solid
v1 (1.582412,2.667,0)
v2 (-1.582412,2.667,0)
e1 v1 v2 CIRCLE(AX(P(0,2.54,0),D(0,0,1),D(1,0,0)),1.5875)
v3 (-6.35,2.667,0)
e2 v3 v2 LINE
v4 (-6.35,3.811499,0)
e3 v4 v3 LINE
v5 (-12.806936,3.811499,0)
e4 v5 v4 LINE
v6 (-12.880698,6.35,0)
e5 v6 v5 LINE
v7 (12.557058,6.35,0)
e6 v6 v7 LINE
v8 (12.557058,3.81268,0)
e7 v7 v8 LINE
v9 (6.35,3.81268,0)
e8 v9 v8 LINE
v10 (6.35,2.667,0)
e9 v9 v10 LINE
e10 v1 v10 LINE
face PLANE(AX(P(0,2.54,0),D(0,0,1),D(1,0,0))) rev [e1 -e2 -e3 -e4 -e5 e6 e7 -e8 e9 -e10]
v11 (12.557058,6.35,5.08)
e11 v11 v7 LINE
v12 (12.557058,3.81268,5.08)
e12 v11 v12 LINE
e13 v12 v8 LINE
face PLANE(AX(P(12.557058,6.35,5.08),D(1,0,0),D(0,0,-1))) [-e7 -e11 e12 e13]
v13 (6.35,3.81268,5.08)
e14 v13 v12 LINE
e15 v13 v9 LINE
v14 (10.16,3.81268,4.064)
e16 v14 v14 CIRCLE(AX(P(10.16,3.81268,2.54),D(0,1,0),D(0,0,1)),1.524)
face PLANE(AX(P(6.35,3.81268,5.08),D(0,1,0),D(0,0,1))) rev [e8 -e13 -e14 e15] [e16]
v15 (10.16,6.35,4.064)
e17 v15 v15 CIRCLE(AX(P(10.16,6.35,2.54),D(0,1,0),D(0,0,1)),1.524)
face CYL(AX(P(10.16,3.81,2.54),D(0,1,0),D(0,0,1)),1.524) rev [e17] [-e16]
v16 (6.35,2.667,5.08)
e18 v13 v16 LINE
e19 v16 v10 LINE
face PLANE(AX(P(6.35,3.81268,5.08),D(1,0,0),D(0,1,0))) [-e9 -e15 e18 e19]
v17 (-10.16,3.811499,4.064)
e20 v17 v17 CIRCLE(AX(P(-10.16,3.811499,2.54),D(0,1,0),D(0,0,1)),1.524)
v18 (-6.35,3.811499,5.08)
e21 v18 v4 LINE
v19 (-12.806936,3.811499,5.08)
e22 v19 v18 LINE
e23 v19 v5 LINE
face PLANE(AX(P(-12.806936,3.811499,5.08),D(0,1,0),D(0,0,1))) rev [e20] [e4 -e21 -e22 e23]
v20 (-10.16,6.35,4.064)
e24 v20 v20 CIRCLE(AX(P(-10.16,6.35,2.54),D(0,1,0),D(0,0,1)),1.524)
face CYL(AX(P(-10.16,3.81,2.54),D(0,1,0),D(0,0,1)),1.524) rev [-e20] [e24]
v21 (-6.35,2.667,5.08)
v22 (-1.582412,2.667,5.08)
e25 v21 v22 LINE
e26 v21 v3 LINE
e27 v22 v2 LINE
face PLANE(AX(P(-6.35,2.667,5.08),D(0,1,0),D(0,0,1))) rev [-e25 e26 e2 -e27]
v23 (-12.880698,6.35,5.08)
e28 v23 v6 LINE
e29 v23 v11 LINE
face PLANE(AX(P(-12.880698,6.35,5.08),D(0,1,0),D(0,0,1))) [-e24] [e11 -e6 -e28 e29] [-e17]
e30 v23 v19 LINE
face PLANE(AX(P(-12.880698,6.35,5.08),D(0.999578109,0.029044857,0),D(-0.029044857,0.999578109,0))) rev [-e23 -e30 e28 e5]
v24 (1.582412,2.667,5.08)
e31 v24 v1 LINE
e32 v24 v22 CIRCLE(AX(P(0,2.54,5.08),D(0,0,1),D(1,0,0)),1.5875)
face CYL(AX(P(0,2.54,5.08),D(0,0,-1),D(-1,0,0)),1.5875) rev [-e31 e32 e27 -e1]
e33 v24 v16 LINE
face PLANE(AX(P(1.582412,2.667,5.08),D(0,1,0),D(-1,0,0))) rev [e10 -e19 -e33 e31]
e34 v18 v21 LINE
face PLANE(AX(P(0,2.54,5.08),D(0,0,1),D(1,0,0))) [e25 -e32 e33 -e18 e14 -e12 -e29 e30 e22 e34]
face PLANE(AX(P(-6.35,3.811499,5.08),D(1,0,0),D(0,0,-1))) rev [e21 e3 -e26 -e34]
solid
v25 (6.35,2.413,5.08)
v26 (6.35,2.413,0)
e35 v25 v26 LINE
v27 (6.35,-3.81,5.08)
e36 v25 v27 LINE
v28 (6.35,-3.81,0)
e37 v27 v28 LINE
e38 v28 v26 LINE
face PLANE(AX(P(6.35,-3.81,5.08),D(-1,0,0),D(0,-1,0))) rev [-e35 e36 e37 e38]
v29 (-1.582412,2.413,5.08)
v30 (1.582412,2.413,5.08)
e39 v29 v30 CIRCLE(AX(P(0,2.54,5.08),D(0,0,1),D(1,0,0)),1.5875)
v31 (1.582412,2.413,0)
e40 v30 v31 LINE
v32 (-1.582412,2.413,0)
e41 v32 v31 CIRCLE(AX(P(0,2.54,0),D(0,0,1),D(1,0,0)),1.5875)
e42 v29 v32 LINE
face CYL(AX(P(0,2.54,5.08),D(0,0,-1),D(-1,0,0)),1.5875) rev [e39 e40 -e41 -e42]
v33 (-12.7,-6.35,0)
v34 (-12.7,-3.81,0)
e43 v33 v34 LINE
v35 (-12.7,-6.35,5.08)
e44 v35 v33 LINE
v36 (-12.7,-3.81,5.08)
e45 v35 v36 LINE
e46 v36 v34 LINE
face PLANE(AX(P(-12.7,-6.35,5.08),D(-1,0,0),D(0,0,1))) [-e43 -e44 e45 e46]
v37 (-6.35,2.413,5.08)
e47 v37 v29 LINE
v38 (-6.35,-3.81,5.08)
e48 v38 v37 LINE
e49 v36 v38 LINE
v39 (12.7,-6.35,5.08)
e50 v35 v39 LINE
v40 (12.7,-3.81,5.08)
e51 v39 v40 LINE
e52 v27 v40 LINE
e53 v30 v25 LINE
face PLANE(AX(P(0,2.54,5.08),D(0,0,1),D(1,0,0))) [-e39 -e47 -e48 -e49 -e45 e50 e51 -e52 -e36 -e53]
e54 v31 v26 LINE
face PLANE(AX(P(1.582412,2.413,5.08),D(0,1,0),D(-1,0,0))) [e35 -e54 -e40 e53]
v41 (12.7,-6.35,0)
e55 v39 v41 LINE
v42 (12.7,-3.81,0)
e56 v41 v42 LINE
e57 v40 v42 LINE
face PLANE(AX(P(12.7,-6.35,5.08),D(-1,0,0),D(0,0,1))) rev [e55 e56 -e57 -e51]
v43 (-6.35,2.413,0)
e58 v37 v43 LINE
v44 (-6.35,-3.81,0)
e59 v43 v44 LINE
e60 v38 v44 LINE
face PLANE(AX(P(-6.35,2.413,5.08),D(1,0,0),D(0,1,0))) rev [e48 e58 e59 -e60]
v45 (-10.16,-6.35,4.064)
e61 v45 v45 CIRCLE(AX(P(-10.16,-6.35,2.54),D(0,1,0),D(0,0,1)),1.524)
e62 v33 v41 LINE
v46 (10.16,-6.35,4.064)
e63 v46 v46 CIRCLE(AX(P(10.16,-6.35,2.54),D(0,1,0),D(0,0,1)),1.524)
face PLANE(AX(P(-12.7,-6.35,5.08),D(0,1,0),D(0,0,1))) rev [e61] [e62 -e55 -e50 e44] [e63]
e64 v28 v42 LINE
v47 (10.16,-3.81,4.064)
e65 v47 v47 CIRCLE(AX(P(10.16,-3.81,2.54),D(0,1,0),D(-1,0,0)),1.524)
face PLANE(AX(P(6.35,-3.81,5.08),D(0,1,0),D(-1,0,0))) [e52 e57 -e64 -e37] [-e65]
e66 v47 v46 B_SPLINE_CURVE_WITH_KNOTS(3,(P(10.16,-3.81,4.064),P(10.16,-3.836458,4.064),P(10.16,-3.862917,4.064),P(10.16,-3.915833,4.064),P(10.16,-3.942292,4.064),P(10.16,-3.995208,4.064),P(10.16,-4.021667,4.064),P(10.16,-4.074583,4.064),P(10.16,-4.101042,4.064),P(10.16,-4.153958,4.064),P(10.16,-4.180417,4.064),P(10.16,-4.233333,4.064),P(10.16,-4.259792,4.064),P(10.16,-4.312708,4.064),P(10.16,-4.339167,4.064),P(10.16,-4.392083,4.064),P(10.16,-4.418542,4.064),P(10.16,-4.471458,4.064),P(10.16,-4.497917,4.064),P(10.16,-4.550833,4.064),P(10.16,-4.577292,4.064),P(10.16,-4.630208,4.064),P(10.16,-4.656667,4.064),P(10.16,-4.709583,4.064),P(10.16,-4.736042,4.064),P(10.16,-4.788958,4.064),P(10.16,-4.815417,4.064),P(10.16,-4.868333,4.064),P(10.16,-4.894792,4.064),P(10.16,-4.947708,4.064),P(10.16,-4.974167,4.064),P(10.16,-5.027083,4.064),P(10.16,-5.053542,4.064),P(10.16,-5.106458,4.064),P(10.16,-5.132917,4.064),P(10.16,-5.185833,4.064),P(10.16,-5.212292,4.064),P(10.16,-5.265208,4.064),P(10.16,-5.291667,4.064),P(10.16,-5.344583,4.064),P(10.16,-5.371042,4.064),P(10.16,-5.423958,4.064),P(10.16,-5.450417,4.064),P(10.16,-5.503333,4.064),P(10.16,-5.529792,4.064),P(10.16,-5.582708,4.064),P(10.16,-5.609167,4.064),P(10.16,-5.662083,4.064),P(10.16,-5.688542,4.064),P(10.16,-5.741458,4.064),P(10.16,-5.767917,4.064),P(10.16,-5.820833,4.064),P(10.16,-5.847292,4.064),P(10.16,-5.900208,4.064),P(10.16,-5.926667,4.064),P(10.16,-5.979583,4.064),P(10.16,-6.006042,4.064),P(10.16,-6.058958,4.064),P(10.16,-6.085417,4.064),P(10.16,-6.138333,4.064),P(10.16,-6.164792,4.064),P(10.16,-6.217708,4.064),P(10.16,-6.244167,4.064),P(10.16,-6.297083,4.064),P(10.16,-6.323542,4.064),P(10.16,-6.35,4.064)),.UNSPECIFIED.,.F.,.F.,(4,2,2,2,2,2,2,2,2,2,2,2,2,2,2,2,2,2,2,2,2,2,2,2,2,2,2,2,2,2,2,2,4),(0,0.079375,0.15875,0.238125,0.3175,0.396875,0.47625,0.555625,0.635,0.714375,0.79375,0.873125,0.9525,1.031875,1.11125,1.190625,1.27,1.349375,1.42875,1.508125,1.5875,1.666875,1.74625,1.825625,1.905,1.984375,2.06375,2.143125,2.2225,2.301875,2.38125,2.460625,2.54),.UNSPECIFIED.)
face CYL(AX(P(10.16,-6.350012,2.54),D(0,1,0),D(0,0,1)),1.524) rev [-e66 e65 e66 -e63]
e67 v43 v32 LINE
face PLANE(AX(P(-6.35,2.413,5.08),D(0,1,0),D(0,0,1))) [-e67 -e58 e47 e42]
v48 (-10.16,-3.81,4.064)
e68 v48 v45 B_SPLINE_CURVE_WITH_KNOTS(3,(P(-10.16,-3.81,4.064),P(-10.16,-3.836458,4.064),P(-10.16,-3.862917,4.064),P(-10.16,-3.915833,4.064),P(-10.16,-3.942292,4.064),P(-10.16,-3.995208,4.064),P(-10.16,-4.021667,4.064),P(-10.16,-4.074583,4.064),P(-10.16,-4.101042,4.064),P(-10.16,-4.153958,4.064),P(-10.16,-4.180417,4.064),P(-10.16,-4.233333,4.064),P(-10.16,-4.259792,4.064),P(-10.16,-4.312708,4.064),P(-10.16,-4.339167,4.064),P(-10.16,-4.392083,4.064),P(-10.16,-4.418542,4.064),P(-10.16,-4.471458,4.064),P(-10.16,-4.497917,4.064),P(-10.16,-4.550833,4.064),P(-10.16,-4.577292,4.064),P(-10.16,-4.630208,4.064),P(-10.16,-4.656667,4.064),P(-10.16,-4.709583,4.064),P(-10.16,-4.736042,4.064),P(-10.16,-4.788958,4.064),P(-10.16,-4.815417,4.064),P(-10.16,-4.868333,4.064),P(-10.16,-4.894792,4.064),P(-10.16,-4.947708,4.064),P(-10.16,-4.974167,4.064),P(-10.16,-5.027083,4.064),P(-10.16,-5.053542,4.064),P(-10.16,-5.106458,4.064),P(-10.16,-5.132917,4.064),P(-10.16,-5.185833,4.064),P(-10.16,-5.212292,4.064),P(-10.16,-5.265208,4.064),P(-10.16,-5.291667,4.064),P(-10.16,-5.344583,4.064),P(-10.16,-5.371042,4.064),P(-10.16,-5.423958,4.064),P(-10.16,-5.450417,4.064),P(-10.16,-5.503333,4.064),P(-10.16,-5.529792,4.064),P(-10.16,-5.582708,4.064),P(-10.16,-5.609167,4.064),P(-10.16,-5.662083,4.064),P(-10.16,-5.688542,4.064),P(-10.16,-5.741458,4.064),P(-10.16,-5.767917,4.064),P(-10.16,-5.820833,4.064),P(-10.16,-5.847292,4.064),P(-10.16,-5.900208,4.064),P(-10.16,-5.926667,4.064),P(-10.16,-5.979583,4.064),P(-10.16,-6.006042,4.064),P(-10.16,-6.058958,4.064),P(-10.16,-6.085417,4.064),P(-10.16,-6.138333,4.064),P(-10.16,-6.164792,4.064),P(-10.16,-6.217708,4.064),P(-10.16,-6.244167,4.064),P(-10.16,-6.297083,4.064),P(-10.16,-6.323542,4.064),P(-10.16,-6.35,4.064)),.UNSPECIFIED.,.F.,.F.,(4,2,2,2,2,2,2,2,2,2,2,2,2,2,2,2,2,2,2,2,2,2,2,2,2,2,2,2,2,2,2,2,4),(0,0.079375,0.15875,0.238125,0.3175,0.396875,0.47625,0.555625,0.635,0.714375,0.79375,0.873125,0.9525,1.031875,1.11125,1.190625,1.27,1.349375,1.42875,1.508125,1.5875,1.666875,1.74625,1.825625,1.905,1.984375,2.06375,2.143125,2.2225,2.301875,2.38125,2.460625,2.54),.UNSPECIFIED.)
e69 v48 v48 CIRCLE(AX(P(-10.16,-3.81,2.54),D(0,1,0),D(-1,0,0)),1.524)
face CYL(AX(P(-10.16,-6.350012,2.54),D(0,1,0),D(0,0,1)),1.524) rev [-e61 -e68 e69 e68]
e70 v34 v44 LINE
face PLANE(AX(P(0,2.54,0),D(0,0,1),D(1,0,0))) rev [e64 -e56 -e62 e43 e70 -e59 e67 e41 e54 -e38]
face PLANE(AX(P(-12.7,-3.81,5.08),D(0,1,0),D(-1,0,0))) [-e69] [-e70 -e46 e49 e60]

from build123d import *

# Parameters (mm, degrees)
BOSS_EXTRUDE1_DEPTH     = 5.08
BOSS_EXTRUDE1_2_DEPTH   = 5.08
CUT_EXTRUDE1_DEPTH      = 24.986
CUT_EXTRUDE1_DEPTH_BACK = 19.788527723
SKETCH4_R               = 1.524
CUT_EXTRUDE3_START      = -2.54
SKETCH8_R               = 1.524
CUT_EXTRUDE3_DEPTH      = 2.54


with BuildPart() as part:
    # Sketch2 → Boss-Extrude1 (new body)
    with BuildSketch(Plane.XY):
        with BuildLine():
            Line((-12.7, -6.35), (12.7, -6.35))
            Line((12.7, -6.35), (12.7, -3.81))
            Line((12.7, -3.81), (6.35, -3.81))
            Line((6.35, -3.81), (6.35, 0))
            Line((6.35, 0), (6.35, 2.413))
            Line((6.35, 2.413), (1.582411846, 2.413))
            ThreePointArc((1.582411846, 2.413), (0, 0.9525), (-1.582411846, 2.413))
            Line((-1.582411846, 2.413), (-6.35, 2.413))
            Line((-6.35, 2.413), (-6.35, 0))
            Line((-6.35, 0), (-6.35, -3.81))
            Line((-6.35, -3.81), (-12.7, -3.81))
            Line((-12.7, -3.81), (-12.7, -6.35))
        make_face()
    extrude(amount=BOSS_EXTRUDE1_DEPTH)

    # Sketch4 → Cut-Extrude1 (cut, two sides: drawn at the far end of the back side and taken through both)
    with BuildSketch(Plane(origin=(0, -6.35, 0), x_dir=(1, 0, 0), z_dir=(0, 1, 0)).offset(-CUT_EXTRUDE1_DEPTH_BACK)):
        with Locations(Location((-10.16, -2.54, 0), (0, 0, 270))):
            Circle(SKETCH4_R)
        with Locations(Location((10.16, -2.54, 0), (0, 0, 270))):
            Circle(SKETCH4_R)
    extrude(amount=CUT_EXTRUDE1_DEPTH + CUT_EXTRUDE1_DEPTH_BACK, mode=Mode.SUBTRACT)


with BuildPart() as body_2:
    # Sketch2 → Boss-Extrude1 2 (new body)
    with BuildSketch(Plane.XY):
        with BuildLine():
            Line((-12.806936218, 3.811499228), (-6.35, 3.811499228))
            Line((-6.35, 3.811499228), (-6.35, 2.667))
            Line((-6.35, 2.667), (-1.582411846, 2.667))
            ThreePointArc((-1.582411846, 2.667), (0, 4.1275), (1.582411846, 2.667))
            Line((1.582411846, 2.667), (6.35, 2.667))
            Line((6.35, 2.667), (6.35, 3.812680478))
            Line((6.35, 3.812680478), (12.557057806, 3.812680478))
            Line((12.557057806, 3.812680478), (12.557057806, 6.35))
            Line((12.557057806, 6.35), (-12.88069773, 6.35))
            Line((-12.88069773, 6.35), (-12.806936218, 3.811499228))
        make_face()
    extrude(amount=BOSS_EXTRUDE1_2_DEPTH)

    # Sketch8 → Cut-Extrude3 (cut)
    with BuildSketch(Plane(origin=(0, 6.35, 0), x_dir=(1, 0, 0), z_dir=(0, 1, 0)).offset(CUT_EXTRUDE3_START)):
        with Locations(Location((10.16, -2.54, 0), (0, 0, 270))):
            Circle(SKETCH8_R)
        with Locations(Location((-10.16, -2.54, 0), (0, 0, 270))):
            Circle(SKETCH8_R)
    extrude(amount=CUT_EXTRUDE3_DEPTH, mode=Mode.SUBTRACT)


solid = Compound([part.part, body_2.part])
